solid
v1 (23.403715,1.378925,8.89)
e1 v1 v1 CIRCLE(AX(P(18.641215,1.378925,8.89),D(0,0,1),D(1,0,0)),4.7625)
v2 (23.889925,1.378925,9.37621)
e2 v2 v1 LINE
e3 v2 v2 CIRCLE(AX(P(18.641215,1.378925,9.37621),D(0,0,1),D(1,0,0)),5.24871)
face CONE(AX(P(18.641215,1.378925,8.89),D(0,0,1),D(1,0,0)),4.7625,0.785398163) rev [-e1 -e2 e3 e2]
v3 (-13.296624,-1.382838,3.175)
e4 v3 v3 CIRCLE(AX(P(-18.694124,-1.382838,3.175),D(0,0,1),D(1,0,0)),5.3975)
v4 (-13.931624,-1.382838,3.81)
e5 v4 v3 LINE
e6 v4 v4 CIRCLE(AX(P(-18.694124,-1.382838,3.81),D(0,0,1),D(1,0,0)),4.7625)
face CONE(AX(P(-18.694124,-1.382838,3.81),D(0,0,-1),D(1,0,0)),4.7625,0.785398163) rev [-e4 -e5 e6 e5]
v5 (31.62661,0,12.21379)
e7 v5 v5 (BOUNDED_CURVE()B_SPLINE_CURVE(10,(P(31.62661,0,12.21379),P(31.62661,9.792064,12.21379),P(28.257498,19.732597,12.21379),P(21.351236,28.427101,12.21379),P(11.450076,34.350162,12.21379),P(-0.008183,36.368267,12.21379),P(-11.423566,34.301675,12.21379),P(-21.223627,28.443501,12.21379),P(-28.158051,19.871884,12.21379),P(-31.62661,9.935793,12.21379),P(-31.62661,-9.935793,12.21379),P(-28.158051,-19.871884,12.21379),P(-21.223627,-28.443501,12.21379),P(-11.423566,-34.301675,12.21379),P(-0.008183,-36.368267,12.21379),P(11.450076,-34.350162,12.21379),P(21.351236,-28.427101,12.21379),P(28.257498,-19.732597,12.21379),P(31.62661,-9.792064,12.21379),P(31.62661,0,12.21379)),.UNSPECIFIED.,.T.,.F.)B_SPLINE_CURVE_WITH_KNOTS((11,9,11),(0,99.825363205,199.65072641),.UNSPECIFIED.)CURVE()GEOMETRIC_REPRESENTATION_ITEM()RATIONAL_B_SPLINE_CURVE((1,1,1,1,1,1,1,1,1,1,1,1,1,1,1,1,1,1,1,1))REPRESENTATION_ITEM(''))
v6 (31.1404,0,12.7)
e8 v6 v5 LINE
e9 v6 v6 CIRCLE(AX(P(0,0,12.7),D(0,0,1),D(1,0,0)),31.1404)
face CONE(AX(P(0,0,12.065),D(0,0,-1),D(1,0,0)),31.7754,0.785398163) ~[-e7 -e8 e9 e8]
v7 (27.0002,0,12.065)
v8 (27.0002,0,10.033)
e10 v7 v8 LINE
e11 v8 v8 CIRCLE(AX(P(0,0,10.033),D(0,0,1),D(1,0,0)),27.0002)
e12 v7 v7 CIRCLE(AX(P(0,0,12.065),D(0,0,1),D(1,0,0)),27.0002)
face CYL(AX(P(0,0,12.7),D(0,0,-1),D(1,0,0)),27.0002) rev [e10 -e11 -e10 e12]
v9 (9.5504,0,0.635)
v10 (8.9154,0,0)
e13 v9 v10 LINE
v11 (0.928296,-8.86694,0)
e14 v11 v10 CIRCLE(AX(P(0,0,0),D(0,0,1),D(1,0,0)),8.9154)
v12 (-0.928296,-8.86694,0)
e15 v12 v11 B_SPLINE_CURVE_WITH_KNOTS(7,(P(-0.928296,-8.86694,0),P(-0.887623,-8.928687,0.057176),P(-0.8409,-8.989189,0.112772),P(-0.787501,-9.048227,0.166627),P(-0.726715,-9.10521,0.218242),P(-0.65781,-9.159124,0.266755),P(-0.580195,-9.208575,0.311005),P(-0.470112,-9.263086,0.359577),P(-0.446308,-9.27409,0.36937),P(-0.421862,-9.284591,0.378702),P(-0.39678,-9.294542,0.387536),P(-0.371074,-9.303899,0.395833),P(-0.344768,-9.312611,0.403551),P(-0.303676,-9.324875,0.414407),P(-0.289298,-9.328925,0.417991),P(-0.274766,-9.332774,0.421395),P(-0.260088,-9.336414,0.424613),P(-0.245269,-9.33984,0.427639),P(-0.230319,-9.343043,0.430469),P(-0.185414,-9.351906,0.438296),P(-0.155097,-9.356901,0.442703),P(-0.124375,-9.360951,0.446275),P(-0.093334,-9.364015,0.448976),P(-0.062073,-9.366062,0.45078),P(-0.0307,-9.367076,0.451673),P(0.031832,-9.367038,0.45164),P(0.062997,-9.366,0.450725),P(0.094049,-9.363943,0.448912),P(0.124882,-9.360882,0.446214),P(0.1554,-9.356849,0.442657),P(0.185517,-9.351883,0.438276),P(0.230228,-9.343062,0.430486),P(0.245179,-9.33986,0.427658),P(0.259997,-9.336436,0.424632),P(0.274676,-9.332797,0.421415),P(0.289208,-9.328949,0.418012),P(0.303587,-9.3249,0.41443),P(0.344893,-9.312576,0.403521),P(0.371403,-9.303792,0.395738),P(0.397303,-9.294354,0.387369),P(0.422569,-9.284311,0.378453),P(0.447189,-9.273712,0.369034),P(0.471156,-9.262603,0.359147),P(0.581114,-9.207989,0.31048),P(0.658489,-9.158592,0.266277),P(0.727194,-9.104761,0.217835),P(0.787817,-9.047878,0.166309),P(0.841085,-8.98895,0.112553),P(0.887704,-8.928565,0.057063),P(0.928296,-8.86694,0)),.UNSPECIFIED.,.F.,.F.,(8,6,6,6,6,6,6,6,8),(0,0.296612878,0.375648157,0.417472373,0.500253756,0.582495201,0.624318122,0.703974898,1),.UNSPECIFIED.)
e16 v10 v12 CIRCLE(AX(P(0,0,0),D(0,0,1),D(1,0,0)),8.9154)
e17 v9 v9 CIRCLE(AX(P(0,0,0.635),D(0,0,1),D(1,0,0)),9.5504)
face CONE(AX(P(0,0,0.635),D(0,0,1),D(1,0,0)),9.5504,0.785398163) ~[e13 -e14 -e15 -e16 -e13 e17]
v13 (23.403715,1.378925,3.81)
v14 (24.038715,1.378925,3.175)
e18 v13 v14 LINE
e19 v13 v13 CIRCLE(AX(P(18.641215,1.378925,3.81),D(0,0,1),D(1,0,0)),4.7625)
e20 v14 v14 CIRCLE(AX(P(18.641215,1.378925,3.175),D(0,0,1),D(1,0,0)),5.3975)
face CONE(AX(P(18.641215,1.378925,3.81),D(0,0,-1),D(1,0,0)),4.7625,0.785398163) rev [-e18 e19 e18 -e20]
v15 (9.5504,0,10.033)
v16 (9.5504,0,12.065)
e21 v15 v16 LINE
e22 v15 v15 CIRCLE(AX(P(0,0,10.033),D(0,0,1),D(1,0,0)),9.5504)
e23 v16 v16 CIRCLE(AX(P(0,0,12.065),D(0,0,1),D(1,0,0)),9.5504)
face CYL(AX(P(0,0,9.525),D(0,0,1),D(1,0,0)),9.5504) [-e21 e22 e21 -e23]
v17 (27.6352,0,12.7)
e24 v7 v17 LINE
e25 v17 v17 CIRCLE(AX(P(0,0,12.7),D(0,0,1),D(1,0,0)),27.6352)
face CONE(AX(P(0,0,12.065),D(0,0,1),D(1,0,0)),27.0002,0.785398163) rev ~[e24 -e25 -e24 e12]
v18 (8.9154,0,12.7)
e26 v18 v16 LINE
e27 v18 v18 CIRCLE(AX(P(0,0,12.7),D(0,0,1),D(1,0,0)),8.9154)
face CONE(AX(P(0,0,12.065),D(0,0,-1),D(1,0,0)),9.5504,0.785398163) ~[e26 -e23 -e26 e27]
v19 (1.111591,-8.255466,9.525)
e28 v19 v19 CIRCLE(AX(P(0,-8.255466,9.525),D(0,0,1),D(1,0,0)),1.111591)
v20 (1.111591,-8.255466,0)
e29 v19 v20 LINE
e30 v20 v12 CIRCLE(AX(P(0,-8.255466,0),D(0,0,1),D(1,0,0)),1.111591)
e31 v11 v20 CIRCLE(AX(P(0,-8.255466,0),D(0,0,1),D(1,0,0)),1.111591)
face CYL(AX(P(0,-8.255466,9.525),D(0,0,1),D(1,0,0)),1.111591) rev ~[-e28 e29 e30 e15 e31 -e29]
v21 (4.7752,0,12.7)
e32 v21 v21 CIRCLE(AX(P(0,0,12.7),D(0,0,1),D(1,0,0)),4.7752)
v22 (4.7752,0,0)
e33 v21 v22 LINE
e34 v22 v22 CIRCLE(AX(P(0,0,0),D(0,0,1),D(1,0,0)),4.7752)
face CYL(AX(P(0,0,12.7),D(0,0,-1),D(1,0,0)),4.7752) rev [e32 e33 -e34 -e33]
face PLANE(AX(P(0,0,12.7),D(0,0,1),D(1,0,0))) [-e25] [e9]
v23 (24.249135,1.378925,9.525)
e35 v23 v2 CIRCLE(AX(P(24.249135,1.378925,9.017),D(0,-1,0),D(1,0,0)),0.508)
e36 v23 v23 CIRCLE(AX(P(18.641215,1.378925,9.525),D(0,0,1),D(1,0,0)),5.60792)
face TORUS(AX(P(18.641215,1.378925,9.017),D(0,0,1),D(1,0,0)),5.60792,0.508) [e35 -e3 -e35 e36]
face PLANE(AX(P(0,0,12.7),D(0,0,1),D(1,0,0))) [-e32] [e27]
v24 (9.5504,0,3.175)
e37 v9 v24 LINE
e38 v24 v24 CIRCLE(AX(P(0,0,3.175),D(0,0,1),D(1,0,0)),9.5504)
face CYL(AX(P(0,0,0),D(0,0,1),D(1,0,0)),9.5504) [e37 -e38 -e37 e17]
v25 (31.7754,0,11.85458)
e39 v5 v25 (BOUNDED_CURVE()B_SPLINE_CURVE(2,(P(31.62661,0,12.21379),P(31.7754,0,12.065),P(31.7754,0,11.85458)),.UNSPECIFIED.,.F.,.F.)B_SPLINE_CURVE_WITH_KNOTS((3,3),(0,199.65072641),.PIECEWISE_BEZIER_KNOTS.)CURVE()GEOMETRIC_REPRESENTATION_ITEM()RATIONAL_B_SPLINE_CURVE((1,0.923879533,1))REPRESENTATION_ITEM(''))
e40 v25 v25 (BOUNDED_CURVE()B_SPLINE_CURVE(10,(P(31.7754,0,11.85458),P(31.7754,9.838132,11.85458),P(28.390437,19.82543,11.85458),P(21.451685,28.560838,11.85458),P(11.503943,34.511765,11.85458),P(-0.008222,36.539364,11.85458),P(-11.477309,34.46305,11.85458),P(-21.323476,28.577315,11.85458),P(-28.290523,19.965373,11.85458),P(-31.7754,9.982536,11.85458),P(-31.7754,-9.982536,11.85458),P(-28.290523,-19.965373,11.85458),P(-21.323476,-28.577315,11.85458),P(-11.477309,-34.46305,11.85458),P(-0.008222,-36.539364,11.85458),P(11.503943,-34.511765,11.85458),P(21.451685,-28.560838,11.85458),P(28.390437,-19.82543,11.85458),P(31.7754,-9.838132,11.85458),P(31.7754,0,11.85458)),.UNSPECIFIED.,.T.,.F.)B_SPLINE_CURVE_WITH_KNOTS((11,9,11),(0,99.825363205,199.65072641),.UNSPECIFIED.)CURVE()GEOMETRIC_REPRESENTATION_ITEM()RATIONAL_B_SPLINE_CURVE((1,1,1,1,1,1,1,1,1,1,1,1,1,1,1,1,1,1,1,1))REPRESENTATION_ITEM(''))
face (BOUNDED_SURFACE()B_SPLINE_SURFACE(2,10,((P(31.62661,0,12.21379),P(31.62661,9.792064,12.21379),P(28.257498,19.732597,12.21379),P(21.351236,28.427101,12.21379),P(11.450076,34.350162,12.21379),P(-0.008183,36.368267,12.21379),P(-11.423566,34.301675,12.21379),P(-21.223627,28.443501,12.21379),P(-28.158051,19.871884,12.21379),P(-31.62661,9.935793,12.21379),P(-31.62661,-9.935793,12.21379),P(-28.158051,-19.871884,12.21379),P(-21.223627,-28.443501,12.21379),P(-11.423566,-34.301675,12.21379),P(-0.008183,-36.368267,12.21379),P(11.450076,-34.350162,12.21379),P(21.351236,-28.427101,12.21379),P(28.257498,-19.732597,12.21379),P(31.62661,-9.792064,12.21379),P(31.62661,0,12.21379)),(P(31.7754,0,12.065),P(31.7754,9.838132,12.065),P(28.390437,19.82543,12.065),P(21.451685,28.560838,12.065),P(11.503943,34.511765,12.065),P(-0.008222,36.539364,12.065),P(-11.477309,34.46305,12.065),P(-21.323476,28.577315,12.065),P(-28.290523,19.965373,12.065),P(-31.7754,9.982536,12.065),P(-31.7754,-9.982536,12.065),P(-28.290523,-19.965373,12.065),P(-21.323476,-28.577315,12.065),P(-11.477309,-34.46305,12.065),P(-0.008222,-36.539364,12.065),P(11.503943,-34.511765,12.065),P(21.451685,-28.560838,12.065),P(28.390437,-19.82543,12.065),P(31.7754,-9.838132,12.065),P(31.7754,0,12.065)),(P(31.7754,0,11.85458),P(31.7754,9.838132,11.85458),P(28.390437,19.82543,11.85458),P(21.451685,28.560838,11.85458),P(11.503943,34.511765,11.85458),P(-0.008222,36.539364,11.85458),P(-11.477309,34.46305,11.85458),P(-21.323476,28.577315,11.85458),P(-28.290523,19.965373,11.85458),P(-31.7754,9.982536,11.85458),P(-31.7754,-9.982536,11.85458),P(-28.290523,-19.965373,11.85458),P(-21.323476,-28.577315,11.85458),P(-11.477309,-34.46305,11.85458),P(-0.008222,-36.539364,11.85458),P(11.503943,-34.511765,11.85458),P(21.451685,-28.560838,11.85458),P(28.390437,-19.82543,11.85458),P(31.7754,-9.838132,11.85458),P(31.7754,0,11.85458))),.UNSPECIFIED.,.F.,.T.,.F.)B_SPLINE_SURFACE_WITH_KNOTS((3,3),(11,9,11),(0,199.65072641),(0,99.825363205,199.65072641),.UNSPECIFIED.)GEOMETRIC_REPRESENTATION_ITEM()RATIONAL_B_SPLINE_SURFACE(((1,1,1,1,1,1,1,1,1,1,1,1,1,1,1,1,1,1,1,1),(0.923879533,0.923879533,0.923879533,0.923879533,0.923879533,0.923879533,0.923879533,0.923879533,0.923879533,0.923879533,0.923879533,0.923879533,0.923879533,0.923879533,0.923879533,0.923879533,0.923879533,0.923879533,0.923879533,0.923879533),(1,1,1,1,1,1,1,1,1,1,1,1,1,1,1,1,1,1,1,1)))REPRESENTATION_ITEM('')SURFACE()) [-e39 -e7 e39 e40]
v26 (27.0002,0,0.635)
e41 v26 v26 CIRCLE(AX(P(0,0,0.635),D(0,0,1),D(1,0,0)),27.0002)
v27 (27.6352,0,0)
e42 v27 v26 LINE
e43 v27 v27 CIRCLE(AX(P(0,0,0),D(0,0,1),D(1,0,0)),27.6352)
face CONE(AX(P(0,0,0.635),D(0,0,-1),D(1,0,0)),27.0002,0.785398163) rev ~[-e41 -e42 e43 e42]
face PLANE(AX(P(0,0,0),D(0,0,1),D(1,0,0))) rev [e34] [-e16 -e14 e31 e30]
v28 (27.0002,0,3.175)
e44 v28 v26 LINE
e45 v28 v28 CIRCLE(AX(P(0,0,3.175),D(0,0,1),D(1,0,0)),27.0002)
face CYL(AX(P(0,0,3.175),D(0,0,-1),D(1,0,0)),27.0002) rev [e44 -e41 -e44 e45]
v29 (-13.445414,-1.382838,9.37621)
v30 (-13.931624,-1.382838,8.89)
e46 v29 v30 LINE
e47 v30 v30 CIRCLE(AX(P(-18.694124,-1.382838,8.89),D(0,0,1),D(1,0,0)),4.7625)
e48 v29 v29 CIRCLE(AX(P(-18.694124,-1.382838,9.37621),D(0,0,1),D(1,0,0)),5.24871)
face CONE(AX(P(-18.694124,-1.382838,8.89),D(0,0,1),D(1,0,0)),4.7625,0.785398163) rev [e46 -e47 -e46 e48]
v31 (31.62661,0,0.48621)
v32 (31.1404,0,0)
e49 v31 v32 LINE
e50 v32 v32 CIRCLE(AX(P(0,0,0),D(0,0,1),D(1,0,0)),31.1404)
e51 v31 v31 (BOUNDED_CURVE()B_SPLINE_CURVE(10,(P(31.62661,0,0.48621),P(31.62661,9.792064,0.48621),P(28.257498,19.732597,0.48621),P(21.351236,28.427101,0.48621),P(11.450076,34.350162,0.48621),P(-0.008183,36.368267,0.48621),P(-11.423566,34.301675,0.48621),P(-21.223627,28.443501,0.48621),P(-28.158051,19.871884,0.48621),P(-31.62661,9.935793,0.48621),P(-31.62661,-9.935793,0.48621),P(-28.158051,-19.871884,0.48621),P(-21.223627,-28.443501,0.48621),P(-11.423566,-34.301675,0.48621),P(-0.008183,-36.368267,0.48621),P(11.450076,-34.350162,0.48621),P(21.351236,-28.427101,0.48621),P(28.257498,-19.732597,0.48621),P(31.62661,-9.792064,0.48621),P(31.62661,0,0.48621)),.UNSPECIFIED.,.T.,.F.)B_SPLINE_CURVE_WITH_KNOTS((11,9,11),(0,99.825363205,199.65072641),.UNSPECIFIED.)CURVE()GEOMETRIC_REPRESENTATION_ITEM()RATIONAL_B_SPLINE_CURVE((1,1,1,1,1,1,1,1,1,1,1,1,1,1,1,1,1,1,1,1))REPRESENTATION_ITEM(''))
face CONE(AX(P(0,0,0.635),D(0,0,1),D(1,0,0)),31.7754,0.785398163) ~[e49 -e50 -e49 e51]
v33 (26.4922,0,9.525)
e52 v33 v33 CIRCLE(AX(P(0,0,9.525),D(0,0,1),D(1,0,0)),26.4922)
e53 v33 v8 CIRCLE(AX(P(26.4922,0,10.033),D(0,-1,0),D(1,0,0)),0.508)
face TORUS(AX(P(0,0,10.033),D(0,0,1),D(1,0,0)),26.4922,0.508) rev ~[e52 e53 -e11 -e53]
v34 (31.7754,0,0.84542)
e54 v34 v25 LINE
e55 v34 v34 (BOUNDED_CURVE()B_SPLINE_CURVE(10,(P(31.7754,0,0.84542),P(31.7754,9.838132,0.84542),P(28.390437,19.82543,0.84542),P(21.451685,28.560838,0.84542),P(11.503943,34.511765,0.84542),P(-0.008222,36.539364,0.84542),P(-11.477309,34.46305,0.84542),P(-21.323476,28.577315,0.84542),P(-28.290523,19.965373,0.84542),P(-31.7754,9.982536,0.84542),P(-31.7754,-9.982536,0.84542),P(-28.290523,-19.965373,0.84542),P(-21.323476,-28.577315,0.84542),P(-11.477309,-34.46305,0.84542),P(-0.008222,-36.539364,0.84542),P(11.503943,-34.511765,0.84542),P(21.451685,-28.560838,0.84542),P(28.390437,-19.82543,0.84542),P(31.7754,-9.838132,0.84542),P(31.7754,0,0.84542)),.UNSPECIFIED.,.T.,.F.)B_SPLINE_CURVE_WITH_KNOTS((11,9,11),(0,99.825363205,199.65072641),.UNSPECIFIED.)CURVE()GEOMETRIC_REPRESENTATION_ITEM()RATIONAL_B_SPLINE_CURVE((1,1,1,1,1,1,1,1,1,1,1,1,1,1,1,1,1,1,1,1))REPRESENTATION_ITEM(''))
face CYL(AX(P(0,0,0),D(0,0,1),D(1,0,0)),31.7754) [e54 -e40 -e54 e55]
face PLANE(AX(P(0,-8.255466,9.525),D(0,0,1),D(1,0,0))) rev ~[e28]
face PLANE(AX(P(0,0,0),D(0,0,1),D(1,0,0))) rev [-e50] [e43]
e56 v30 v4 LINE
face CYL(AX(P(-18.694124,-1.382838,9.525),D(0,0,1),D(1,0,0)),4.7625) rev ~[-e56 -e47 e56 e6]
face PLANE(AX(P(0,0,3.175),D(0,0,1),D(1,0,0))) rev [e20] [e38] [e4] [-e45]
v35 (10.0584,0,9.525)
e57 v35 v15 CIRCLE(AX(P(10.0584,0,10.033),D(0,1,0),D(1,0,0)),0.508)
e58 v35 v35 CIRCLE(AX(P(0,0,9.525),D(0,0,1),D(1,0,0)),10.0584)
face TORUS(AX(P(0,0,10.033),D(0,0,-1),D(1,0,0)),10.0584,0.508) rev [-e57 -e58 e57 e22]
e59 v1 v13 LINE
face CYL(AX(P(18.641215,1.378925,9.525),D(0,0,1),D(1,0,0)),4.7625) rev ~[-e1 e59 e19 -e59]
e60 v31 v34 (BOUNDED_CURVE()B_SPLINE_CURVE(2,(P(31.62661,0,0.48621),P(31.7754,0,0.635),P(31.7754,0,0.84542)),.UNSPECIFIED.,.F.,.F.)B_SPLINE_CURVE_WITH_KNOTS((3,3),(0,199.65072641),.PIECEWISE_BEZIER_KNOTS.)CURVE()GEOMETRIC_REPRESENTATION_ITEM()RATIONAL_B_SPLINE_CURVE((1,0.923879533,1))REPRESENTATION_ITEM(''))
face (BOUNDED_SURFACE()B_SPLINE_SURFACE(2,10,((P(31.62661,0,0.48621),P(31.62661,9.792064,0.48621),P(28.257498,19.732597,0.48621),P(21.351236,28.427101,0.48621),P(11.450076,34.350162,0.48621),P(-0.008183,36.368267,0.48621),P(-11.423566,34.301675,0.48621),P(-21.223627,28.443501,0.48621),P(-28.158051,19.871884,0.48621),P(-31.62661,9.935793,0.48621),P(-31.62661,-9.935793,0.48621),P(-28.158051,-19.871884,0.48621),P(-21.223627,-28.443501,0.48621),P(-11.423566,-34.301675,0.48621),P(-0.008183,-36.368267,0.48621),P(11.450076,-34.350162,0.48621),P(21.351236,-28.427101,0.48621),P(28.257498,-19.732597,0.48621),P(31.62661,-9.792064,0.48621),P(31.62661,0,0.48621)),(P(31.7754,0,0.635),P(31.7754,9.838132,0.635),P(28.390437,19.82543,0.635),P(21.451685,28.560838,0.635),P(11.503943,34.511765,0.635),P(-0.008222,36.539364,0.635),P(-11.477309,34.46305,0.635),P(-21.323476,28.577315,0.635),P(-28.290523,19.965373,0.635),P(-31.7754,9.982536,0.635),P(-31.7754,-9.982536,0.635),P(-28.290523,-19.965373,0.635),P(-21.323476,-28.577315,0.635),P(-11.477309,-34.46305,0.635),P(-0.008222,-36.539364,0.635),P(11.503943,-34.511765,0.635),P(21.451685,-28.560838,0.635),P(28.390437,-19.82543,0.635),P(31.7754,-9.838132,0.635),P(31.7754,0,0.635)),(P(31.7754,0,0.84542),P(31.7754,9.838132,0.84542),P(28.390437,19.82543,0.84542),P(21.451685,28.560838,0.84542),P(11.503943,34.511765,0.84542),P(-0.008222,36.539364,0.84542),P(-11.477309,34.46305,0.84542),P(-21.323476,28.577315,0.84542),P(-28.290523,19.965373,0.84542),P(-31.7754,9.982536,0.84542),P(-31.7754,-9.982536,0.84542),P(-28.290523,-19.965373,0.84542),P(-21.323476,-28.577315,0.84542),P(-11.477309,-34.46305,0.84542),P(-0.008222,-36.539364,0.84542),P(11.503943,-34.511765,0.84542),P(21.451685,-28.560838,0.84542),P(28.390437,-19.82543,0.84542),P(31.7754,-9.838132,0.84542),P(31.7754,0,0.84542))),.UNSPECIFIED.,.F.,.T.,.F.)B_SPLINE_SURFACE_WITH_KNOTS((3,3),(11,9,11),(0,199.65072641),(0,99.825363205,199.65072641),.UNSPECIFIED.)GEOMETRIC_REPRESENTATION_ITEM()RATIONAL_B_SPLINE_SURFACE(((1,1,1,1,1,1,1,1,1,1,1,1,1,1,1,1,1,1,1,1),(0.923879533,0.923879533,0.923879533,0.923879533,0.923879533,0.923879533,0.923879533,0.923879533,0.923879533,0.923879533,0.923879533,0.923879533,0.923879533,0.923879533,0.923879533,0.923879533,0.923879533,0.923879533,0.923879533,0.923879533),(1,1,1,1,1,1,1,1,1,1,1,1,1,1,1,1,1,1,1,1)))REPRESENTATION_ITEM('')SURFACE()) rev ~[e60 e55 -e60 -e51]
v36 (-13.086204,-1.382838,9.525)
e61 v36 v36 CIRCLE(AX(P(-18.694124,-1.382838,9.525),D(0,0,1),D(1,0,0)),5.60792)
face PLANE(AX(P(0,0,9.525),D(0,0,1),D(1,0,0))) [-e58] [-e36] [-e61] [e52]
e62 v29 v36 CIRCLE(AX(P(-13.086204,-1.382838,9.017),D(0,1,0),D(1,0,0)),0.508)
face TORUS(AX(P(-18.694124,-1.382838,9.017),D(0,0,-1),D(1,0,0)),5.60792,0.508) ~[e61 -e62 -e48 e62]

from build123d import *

# Parameters (mm, degrees)
F2_R      = 4.7625
F3_DEPTH  = 9.526
F4_SIZE   = 0.635
F5_SIZE   = 0.635
F6_SIZE   = 0.635
F7_R      = 1.111591
F8_DEPTH  = 9.652
F9_R      = 1.088093
F10_DEPTH = 9.525
F11_R     = 0.508


with BuildPart() as f1:
    # F0 (on Front) → F1 (revolve)
    with BuildSketch(Plane.XZ):
        Polygon((4.7752, 12.7), (4.7752, 0), (9.5504, 0), (9.5504, 3.175), (27.0002, 3.175), (27.0002, 0), (31.7754, 0), (31.7754, 12.7), (27.0002, 12.7), (27.0002, 9.525), (9.5504, 9.525), (9.5504, 12.7), align=None)
    revolve(axis=Axis((0, 0, 4.303233), (0, 0, 1)))

    # F2 (on face) → F3 (cut, through all)
    with BuildSketch(Plane.XY.offset(9.525)):
        with Locations((-18.694124, -1.382838)):
            Circle(F2_R)
        with Locations((18.641215, 1.378925)):
            Circle(F2_R)
    extrude(amount=-F3_DEPTH, mode=Mode.SUBTRACT)

    # F4
    f4_edges = [f1.edges().sort_by_distance(p)[0] for p in [
        (-23.456624, -1.382838, 9.525),
        (13.878715, 1.378925, 9.525),
        (-9.5504, 0, 12.7),
    ]]
    chamfer(f4_edges, length=F4_SIZE)

    # F5
    f5_edges = [f1.edges().sort_by_distance(p)[0] for p in [
        (-27.0002, 0, 12.7),
        (-31.7754, 0, 12.7),
    ]]
    chamfer(f5_edges, length=F5_SIZE)

    # F6
    f6_edges = [f1.edges().sort_by_distance(p)[0] for p in [
        (-31.7754, 0, 0),
        (-27.0002, 0, 0),
        (13.878715, 1.378925, 3.175),
        (-9.5504, 0, 0),
        (-23.456624, -1.382838, 3.175),
    ]]
    chamfer(f6_edges, length=F6_SIZE)

    # F7 (on face) → F8 (cut)
    with BuildSketch(Plane.XY.offset(9.525)):
        with Locations((0, -8.255466)):
            Circle(F7_R)
    extrude(amount=-F8_DEPTH, mode=Mode.SUBTRACT)

    # F9 (on face) → F10 (cut)
    with BuildSketch(Plane.XY.offset(9.525)):
        with Locations((0, -8.236631)):
            Circle(F9_R)
    extrude(amount=-F10_DEPTH, mode=Mode.SUBTRACT)

    # F11
    f11_edges = [f1.edges().sort_by_distance(p)[0] for p in [
        (-24.091624, -1.382838, 9.525),
        (-27.0002, 0, 9.525),
        (-9.5504, 0, 9.525),
        (13.243715, 1.378925, 9.525),
        (31.7754, 0, 6.35),
        (-31.7754, 0, 0.635),
        (-31.7754, 0, 12.065),
    ]]
    fillet(f11_edges, radius=F11_R)


solid = f1.part
